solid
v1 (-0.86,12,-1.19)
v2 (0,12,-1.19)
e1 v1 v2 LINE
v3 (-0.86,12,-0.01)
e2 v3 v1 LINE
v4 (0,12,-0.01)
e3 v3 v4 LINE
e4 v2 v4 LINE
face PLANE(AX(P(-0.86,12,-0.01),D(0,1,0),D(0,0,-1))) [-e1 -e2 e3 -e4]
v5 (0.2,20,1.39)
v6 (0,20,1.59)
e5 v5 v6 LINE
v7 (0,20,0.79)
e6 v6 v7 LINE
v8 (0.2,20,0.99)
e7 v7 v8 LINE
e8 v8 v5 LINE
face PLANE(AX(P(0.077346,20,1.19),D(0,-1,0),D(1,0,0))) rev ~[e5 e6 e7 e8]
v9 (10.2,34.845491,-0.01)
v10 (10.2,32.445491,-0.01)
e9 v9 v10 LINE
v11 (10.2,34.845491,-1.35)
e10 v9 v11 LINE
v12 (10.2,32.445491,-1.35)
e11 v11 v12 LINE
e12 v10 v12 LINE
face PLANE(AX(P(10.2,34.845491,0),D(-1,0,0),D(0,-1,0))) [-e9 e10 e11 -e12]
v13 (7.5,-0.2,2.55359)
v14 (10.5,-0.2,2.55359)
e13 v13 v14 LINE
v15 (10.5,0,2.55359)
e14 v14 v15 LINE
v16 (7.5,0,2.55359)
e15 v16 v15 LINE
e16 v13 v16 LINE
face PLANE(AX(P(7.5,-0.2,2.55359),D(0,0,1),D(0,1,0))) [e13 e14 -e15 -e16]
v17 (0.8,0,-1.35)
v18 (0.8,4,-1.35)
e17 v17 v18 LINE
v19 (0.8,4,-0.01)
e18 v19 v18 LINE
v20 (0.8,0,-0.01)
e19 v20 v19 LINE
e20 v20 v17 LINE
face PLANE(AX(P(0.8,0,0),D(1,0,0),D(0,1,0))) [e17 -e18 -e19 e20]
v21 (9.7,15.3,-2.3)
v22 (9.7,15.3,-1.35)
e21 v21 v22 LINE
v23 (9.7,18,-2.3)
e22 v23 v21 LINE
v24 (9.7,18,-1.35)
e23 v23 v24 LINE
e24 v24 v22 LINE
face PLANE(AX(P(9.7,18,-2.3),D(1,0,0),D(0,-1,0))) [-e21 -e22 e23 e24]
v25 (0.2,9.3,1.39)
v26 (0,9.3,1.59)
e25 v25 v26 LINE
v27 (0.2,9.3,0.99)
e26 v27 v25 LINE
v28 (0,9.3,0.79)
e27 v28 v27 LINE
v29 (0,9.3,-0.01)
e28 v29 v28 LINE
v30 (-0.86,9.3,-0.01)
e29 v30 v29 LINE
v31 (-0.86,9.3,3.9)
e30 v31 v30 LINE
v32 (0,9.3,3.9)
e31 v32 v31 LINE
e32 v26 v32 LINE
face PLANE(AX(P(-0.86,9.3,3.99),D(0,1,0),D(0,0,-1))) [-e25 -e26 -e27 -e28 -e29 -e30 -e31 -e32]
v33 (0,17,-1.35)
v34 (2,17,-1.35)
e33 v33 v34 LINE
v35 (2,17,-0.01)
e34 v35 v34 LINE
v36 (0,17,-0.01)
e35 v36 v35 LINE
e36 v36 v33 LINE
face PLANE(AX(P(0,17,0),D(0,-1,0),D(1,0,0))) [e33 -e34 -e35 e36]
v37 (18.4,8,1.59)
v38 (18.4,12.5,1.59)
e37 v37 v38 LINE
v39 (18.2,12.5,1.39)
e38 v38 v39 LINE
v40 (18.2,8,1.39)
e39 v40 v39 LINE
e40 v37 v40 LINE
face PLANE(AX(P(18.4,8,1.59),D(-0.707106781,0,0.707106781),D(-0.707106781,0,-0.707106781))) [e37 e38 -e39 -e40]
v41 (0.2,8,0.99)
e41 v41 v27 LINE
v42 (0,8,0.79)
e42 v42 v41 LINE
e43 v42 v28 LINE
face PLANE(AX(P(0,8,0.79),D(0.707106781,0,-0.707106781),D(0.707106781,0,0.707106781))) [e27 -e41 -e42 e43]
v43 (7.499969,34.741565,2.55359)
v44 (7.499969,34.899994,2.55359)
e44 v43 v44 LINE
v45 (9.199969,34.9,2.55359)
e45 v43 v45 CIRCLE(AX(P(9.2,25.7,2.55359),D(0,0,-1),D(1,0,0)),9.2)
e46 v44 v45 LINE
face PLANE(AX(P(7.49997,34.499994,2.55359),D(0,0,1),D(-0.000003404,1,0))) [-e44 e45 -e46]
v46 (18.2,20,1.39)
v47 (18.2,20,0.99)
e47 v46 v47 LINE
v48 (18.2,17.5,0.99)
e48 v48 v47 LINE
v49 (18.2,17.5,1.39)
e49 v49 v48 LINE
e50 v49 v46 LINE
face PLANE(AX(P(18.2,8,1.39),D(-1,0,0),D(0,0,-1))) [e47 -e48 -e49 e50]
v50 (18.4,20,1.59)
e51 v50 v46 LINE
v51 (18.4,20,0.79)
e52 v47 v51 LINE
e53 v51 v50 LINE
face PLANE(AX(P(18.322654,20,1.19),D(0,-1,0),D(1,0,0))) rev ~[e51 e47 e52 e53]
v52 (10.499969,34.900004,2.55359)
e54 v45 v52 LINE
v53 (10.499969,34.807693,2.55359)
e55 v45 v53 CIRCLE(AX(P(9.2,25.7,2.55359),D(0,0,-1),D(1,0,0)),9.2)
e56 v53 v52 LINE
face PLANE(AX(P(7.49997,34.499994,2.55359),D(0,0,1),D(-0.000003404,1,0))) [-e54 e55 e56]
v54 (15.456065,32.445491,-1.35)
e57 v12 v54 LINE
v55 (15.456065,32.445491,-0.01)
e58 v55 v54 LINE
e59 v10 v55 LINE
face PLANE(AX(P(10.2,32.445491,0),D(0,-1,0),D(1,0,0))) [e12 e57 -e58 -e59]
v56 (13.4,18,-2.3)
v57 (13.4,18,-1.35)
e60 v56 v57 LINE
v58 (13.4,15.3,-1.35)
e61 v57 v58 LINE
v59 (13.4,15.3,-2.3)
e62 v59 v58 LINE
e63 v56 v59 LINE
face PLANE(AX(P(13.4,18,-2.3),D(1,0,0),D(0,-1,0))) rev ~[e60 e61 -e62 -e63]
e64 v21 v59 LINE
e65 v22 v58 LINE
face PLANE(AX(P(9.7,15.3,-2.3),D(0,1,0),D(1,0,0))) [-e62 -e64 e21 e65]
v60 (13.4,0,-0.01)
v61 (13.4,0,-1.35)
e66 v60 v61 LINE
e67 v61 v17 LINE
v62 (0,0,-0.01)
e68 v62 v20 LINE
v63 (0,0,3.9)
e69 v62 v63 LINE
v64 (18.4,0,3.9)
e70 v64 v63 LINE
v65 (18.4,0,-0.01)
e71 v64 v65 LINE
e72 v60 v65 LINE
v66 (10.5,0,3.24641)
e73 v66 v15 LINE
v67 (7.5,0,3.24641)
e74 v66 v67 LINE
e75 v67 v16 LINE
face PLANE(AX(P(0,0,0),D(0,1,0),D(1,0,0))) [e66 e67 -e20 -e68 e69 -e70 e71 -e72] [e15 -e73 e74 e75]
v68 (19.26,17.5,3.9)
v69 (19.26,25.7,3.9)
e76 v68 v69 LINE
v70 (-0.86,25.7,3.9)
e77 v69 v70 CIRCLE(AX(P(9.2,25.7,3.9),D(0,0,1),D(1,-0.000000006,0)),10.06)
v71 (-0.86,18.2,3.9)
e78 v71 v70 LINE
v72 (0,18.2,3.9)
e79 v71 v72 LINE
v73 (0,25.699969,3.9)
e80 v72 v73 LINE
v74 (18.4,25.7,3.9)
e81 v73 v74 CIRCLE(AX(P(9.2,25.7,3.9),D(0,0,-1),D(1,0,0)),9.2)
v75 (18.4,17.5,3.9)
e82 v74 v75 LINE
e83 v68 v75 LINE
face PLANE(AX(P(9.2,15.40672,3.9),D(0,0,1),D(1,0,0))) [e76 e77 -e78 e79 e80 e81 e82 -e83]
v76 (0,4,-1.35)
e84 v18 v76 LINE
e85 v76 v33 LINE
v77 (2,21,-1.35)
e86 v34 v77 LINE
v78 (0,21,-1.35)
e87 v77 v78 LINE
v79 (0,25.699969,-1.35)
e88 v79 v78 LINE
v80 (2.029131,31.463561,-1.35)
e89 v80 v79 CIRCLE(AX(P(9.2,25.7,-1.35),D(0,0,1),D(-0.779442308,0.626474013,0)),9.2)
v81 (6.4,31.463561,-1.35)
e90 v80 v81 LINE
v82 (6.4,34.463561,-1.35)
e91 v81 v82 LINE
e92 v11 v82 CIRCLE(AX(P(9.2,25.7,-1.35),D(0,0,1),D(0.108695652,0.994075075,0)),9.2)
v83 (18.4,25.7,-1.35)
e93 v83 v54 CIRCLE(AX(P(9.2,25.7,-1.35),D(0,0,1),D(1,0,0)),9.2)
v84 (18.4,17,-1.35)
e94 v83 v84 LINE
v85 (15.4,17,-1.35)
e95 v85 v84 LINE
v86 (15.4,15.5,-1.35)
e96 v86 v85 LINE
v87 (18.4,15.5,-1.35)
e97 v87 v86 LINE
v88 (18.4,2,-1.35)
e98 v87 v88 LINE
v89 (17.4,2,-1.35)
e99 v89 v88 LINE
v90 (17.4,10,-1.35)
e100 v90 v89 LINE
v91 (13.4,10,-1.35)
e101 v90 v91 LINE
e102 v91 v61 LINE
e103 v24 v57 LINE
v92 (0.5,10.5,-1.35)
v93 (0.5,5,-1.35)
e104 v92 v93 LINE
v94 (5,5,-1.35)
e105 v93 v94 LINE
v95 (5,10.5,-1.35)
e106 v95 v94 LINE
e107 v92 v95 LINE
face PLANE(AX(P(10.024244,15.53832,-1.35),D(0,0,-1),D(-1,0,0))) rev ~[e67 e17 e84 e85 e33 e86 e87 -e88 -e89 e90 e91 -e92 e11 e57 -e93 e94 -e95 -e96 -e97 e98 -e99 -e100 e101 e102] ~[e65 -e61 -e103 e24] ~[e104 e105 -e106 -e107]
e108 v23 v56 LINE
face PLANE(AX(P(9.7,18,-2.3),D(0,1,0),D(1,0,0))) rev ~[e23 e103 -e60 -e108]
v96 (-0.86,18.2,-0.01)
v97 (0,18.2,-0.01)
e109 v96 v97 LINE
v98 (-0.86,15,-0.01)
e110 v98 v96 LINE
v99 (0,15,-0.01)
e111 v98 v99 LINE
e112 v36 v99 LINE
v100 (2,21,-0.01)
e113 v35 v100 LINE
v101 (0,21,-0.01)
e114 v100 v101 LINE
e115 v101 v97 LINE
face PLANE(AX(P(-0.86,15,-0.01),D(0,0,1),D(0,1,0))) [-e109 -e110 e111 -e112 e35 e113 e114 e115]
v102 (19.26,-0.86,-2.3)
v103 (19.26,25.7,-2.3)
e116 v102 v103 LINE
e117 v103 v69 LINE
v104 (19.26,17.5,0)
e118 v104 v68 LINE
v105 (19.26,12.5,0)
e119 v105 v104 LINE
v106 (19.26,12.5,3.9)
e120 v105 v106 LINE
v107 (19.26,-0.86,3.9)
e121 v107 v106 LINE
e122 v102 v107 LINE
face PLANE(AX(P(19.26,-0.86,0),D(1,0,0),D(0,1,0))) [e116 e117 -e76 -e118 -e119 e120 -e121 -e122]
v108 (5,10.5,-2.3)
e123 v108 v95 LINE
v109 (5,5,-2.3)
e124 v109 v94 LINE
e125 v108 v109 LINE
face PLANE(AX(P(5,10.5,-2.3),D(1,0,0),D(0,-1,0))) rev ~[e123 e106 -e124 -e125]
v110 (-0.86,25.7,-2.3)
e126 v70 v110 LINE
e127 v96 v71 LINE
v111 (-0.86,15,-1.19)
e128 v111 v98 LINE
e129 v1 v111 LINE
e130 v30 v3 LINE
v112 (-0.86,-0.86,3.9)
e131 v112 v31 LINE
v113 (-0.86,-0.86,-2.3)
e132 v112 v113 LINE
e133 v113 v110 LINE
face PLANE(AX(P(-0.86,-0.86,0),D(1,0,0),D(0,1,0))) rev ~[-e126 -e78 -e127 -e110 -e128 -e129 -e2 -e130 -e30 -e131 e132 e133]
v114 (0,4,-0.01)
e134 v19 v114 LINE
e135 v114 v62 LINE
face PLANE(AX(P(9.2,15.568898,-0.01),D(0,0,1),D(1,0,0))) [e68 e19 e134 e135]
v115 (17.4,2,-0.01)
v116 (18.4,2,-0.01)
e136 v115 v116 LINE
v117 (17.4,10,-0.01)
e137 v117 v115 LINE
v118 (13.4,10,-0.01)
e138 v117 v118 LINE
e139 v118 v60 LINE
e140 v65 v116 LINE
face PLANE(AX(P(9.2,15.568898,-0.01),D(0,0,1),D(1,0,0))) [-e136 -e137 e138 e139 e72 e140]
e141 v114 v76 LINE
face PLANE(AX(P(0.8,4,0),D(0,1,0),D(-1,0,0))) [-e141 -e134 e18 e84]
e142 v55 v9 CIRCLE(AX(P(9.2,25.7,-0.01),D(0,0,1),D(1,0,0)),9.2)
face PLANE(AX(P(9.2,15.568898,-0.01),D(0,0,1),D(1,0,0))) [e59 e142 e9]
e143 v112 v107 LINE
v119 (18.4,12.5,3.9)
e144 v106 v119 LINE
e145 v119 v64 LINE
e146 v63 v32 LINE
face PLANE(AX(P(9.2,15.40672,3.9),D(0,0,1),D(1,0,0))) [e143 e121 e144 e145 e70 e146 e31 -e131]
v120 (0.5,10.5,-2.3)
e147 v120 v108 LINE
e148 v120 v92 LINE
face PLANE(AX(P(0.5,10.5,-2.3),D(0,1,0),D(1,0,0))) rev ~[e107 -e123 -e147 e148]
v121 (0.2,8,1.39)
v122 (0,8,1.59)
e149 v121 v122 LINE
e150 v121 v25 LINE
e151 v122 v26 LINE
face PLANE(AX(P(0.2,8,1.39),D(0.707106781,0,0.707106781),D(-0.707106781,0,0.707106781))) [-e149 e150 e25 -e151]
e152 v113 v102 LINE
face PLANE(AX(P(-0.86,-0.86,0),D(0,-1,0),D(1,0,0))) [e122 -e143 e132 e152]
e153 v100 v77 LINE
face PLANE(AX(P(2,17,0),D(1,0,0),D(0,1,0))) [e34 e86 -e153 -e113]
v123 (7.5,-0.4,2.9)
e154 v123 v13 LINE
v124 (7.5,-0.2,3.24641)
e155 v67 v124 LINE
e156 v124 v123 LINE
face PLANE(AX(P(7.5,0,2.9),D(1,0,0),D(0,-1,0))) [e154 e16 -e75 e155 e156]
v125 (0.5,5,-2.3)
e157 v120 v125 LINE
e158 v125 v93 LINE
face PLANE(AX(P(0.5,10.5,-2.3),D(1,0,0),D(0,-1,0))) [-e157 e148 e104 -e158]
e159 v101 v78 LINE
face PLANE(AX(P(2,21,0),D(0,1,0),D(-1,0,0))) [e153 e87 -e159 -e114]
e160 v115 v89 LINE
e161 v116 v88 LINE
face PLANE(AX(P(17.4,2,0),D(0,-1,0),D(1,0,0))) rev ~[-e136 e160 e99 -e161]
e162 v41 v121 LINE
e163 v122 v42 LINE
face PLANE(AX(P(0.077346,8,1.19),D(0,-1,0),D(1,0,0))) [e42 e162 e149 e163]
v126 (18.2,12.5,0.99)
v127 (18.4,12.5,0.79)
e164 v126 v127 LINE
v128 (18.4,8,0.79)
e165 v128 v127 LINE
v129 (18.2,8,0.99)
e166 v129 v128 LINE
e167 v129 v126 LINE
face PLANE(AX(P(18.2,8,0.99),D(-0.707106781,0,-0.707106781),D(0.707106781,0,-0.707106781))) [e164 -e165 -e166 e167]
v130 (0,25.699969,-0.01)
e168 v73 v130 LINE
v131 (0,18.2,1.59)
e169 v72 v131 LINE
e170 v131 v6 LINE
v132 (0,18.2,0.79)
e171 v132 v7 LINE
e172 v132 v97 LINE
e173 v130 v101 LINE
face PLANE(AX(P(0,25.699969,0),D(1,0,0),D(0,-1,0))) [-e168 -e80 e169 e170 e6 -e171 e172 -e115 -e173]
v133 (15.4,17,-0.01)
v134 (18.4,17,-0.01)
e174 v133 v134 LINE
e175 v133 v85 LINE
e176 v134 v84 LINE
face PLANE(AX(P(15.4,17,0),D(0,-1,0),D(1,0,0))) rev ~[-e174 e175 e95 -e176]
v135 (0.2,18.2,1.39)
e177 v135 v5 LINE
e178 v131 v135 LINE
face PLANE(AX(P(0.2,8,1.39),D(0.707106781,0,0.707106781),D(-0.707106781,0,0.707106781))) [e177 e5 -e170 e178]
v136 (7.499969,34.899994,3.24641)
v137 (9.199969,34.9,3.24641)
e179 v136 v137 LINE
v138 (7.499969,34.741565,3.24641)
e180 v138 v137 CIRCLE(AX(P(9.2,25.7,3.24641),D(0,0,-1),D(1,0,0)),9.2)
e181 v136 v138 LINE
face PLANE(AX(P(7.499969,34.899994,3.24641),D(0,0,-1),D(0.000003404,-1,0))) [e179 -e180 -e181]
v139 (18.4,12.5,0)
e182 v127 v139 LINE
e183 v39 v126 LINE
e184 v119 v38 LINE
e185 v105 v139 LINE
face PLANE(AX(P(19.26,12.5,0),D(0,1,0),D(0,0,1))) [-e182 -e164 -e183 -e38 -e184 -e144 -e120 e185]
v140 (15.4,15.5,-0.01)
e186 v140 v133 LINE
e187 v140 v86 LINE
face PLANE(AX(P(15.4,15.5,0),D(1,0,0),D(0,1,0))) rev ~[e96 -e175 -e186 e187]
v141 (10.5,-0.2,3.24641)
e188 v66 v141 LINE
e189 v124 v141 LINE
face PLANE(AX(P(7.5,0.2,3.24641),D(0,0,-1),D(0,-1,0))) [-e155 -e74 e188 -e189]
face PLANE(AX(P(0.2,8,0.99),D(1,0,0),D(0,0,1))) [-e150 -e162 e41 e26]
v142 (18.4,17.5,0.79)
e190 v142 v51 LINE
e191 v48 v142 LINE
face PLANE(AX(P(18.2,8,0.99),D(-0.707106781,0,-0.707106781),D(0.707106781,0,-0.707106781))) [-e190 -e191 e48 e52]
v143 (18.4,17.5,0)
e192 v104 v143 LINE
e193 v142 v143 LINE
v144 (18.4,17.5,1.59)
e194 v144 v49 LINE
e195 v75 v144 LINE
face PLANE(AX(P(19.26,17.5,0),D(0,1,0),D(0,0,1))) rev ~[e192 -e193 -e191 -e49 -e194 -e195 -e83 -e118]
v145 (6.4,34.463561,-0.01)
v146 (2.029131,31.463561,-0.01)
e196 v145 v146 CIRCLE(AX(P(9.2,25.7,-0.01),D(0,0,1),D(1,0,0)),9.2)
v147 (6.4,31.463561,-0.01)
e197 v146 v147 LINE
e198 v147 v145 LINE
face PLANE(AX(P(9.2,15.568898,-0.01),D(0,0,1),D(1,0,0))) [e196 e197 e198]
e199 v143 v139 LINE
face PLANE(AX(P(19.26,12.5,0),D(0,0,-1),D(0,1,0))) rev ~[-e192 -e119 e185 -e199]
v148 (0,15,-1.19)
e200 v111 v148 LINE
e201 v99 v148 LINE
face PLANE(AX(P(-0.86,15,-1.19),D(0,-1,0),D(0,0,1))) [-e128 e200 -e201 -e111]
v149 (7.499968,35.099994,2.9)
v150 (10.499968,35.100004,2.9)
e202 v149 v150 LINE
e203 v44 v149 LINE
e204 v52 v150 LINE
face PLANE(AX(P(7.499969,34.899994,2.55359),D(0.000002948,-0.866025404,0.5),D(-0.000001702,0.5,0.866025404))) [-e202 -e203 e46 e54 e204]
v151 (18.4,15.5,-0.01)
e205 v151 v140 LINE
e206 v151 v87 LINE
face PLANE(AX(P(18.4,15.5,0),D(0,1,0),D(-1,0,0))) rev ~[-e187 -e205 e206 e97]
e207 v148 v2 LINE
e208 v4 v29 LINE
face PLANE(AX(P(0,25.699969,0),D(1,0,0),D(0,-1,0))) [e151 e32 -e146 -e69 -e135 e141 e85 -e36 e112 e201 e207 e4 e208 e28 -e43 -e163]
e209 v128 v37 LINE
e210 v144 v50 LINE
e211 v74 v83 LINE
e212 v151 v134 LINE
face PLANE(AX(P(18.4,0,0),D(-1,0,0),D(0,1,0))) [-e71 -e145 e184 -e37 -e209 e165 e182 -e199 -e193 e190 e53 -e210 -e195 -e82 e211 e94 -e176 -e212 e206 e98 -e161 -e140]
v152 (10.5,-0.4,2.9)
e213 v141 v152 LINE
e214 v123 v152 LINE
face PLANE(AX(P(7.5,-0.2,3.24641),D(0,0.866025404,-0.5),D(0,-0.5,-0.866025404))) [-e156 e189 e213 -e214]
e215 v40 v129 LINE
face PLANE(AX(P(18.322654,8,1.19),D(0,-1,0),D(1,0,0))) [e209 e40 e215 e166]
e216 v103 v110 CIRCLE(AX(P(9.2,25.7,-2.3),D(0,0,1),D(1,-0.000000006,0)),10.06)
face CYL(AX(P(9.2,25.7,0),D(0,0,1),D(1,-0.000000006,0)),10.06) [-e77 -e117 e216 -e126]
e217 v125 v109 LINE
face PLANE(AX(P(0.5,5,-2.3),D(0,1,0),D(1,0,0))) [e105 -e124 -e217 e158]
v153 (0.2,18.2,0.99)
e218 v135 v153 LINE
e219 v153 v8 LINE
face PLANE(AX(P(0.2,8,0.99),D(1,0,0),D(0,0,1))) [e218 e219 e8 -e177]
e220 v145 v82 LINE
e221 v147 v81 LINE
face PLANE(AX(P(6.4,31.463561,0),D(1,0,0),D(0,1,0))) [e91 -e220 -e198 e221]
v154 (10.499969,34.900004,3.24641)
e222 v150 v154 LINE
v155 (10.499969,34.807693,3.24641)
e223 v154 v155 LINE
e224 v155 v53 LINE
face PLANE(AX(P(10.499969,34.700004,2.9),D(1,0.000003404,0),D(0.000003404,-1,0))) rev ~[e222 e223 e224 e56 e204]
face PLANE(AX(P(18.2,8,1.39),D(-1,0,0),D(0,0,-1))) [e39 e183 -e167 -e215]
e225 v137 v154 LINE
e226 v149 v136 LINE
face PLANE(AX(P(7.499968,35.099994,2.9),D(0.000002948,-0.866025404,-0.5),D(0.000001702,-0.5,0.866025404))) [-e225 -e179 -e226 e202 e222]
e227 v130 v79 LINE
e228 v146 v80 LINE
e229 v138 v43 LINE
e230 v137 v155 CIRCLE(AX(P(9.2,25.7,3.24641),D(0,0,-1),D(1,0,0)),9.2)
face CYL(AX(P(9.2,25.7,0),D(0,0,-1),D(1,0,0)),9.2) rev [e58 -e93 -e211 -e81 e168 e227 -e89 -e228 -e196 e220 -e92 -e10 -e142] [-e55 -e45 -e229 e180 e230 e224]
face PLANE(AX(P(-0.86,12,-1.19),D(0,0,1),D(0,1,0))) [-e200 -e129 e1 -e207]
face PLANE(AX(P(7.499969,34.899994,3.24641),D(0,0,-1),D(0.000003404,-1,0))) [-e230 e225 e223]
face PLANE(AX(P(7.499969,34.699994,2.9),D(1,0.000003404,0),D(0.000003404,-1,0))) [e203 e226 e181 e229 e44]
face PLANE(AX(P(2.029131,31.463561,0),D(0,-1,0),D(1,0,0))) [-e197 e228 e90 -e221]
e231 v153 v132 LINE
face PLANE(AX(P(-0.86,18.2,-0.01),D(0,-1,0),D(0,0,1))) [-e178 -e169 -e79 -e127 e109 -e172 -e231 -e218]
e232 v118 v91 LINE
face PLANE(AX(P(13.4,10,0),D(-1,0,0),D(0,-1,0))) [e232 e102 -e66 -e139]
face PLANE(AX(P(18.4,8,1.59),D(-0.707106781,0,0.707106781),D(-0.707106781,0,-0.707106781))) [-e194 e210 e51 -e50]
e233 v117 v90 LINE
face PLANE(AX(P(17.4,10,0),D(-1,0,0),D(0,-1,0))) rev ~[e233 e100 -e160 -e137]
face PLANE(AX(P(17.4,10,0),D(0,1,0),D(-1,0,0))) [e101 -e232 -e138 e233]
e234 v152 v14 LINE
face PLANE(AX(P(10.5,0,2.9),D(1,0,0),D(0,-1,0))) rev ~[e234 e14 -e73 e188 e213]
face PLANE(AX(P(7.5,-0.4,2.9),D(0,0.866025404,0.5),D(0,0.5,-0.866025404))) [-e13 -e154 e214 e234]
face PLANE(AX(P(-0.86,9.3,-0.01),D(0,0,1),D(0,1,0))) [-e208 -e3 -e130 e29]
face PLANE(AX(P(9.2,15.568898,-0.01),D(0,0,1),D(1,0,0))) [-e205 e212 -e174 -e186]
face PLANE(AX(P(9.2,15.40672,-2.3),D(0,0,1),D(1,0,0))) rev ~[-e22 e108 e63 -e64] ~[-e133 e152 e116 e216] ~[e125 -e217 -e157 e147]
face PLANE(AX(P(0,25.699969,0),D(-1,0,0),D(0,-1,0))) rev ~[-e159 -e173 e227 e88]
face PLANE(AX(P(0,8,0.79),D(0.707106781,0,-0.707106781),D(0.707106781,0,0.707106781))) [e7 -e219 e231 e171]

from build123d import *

# Parameters (mm, degrees)
PAD_DEPTH         = 3.9
PAD_DEPTH_BACK    = 2.3
POCKET_DEPTH      = 0.01
POCKET_DEPTH_BACK = 20
POCKET001_DEPTH   = 1.35
PAD001_DEPTH      = 12
POCKET002_DEPTH   = 5
SKETCH004_W       = 5
SKETCH004_H       = 4
POCKET003_DEPTH   = 5
SKETCH006_W       = 4.5
SKETCH006_H       = 5.5
SKETCH006_W_2     = 3.7
SKETCH006_H_2     = 2.7
POCKET004_DEPTH   = 5
PRISM_DEPTH       = 3
PRISM001_DEPTH    = 3


with BuildPart() as part:
    # Sketch → Pad (new body, two sides)
    with BuildSketch(Plane.XY) as pad_sk:
        with BuildLine():
            Line((-0.86, -0.86), (19.26, -0.86))
            Line((19.26, -0.86), (19.26, 25.7000002895))
            ThreePointArc((19.26, 25.7000002895), (9.1999999842, 35.7600003468), (-0.86, 25.7000002578))
            Line((-0.86, -0.86), (-0.86, 25.7000002578))
        make_face()
    extrude(amount=PAD_DEPTH)
    extrude(pad_sk.sketch, amount=-PAD_DEPTH_BACK)

    # Sketch001 → Pocket (cut, two sides)
    with BuildSketch(Plane.XY) as pocket_sk:
        with BuildLine():
            Line((1e-10, 25.6999686791), (1e-10, 0))
            Line((1e-10, 0), (18.4, 0))
            Line((18.4, 0), (18.4, 25.7))
            ThreePointArc((18.4, 25.7), (9.1999843395, 34.9), (1e-10, 25.6999686791))
        make_face()
    extrude(amount=-POCKET_DEPTH, mode=Mode.SUBTRACT)
    extrude(pocket_sk.sketch, amount=POCKET_DEPTH_BACK, mode=Mode.SUBTRACT)

    # Sketch003 → Pocket001 (cut)
    with BuildSketch(Plane.XY):
        with BuildLine():
            Line((17.4, 10), (13.4, 10))
            Line((13.4, 10), (13.4, 0))
            Line((13.4, 0), (0.8, 0))
            Line((0.8, 0), (0.8, 4))
            Line((0.8, 4), (0, 4))
            Line((0, 4), (0, 17))
            Line((0, 17), (2, 17))
            Line((2, 17), (2, 21))
            Line((2, 21), (0, 21))
            Line((1e-10, 25.6999686791), (0, 21))
            ThreePointArc((2.0291307695, 31.4635609201), (0.5220919157, 28.7551450506), (1e-10, 25.6999686791))
            Line((2.0291307695, 31.4635609201), (6.4, 31.4635609201))
            Line((6.4, 31.4635609201), (6.4, 34.4635609201))
            ThreePointArc((10.2, 34.8454906921), (8.2799632683, 34.8538807296), (6.4, 34.4635609201))
            Line((10.2, 34.8454906921), (10.2, 32.4454906921))
            Line((10.2, 32.4454906921), (15.4560654826, 32.4454906921))
            ThreePointArc((18.4, 25.7), (17.6319571405, 29.3799590732), (15.4560654826, 32.4454906921))
            Line((18.4, 25.7), (18.4, 17))
            Line((15.4, 17), (18.4, 17))
            Line((15.4, 15.5), (15.4, 17))
            Line((18.4, 15.5), (15.4, 15.5))
            Line((18.4, 15.5), (18.4, 2))
            Line((17.4, 2), (18.4, 2))
            Line((17.4, 10), (17.4, 2))
        make_face()
    extrude(amount=-POCKET001_DEPTH, mode=Mode.SUBTRACT)

    # Sketch007 (on Face8 of Pocket001) → Pad001 (join)
    with BuildSketch(Plane(origin=(0, 8, 0), x_dir=(-1, 0, 0), z_dir=(0, 1, 0))):
        Polygon((-1e-10, 0.79), (-0.2000000001, 0.99), (-0.2000000001, 1.39), (-1e-10, 1.59), align=None)
        Polygon((-18.4, 1.59), (-18.2, 1.39), (-18.2, 0.99), (-18.4, 0.79), align=None)
    extrude(amount=PAD001_DEPTH)

    # Sketch002 (on Face2 of Pocket) → Pocket002 (cut)
    with BuildSketch(Plane(origin=(-0.86, 0, 0), x_dir=(0, -1, 0), z_dir=(-1, 0, 0))):
        Polygon((-18.2, -0.01), (-18.2, 3.99), (-9.3, 3.99), (-9.3, -0.01), (-12, -0.01), (-12, -1.19), (-15, -1.19), (-15, -0.01), align=None)
    extrude(amount=-POCKET002_DEPTH, mode=Mode.SUBTRACT)

    # Sketch004 (on Face3 of Pocket002) → Pocket003 (cut)
    with BuildSketch(Plane.YZ.offset(19.26)):
        with Locations((15, 2)):
            Rectangle(SKETCH004_W, SKETCH004_H)
    extrude(amount=-POCKET003_DEPTH, mode=Mode.SUBTRACT)

    # Sketch006 (on Face4 of Pocket003) → Pocket004 (cut)
    with BuildSketch(Plane(origin=(0, 0, -2.3), x_dir=(1, 0, 0), z_dir=(0, 0, -1))):
        with Locations((2.75, -7.75)):
            Rectangle(SKETCH006_W, SKETCH006_H)
        with Locations((11.55, -16.65)):
            Rectangle(SKETCH006_W_2, SKETCH006_H_2)
    extrude(amount=-POCKET004_DEPTH, mode=Mode.SUBTRACT)

    # Prism → Prism (cut)
    with BuildSketch(Plane(origin=(7.49996936, 34.6999942124, 2.9), x_dir=(3.4044e-06, -1, 0), z_dir=(1, 3.4044e-06, 0))):
        Polygon((0.4, 0), (0.2, 0.3464101615), (-0.2, 0.3464101615), (-0.4, 0), (-0.2, -0.3464101615), (0.2, -0.3464101615), align=None)
    extrude(amount=PRISM_DEPTH, mode=Mode.SUBTRACT)

    # Prism001 → Prism001 (cut)
    with BuildSketch(Plane(origin=(7.5000000001, 0, 2.9), x_dir=(0, -1, 0), z_dir=(1, 0, 0))):
        Polygon((0.4, 0), (0.2, 0.3464101615), (-0.2, 0.3464101615), (-0.4, 0), (-0.2, -0.3464101615), (0.2, -0.3464101615), align=None)
    extrude(amount=PRISM001_DEPTH, mode=Mode.SUBTRACT)


solid = part.part
